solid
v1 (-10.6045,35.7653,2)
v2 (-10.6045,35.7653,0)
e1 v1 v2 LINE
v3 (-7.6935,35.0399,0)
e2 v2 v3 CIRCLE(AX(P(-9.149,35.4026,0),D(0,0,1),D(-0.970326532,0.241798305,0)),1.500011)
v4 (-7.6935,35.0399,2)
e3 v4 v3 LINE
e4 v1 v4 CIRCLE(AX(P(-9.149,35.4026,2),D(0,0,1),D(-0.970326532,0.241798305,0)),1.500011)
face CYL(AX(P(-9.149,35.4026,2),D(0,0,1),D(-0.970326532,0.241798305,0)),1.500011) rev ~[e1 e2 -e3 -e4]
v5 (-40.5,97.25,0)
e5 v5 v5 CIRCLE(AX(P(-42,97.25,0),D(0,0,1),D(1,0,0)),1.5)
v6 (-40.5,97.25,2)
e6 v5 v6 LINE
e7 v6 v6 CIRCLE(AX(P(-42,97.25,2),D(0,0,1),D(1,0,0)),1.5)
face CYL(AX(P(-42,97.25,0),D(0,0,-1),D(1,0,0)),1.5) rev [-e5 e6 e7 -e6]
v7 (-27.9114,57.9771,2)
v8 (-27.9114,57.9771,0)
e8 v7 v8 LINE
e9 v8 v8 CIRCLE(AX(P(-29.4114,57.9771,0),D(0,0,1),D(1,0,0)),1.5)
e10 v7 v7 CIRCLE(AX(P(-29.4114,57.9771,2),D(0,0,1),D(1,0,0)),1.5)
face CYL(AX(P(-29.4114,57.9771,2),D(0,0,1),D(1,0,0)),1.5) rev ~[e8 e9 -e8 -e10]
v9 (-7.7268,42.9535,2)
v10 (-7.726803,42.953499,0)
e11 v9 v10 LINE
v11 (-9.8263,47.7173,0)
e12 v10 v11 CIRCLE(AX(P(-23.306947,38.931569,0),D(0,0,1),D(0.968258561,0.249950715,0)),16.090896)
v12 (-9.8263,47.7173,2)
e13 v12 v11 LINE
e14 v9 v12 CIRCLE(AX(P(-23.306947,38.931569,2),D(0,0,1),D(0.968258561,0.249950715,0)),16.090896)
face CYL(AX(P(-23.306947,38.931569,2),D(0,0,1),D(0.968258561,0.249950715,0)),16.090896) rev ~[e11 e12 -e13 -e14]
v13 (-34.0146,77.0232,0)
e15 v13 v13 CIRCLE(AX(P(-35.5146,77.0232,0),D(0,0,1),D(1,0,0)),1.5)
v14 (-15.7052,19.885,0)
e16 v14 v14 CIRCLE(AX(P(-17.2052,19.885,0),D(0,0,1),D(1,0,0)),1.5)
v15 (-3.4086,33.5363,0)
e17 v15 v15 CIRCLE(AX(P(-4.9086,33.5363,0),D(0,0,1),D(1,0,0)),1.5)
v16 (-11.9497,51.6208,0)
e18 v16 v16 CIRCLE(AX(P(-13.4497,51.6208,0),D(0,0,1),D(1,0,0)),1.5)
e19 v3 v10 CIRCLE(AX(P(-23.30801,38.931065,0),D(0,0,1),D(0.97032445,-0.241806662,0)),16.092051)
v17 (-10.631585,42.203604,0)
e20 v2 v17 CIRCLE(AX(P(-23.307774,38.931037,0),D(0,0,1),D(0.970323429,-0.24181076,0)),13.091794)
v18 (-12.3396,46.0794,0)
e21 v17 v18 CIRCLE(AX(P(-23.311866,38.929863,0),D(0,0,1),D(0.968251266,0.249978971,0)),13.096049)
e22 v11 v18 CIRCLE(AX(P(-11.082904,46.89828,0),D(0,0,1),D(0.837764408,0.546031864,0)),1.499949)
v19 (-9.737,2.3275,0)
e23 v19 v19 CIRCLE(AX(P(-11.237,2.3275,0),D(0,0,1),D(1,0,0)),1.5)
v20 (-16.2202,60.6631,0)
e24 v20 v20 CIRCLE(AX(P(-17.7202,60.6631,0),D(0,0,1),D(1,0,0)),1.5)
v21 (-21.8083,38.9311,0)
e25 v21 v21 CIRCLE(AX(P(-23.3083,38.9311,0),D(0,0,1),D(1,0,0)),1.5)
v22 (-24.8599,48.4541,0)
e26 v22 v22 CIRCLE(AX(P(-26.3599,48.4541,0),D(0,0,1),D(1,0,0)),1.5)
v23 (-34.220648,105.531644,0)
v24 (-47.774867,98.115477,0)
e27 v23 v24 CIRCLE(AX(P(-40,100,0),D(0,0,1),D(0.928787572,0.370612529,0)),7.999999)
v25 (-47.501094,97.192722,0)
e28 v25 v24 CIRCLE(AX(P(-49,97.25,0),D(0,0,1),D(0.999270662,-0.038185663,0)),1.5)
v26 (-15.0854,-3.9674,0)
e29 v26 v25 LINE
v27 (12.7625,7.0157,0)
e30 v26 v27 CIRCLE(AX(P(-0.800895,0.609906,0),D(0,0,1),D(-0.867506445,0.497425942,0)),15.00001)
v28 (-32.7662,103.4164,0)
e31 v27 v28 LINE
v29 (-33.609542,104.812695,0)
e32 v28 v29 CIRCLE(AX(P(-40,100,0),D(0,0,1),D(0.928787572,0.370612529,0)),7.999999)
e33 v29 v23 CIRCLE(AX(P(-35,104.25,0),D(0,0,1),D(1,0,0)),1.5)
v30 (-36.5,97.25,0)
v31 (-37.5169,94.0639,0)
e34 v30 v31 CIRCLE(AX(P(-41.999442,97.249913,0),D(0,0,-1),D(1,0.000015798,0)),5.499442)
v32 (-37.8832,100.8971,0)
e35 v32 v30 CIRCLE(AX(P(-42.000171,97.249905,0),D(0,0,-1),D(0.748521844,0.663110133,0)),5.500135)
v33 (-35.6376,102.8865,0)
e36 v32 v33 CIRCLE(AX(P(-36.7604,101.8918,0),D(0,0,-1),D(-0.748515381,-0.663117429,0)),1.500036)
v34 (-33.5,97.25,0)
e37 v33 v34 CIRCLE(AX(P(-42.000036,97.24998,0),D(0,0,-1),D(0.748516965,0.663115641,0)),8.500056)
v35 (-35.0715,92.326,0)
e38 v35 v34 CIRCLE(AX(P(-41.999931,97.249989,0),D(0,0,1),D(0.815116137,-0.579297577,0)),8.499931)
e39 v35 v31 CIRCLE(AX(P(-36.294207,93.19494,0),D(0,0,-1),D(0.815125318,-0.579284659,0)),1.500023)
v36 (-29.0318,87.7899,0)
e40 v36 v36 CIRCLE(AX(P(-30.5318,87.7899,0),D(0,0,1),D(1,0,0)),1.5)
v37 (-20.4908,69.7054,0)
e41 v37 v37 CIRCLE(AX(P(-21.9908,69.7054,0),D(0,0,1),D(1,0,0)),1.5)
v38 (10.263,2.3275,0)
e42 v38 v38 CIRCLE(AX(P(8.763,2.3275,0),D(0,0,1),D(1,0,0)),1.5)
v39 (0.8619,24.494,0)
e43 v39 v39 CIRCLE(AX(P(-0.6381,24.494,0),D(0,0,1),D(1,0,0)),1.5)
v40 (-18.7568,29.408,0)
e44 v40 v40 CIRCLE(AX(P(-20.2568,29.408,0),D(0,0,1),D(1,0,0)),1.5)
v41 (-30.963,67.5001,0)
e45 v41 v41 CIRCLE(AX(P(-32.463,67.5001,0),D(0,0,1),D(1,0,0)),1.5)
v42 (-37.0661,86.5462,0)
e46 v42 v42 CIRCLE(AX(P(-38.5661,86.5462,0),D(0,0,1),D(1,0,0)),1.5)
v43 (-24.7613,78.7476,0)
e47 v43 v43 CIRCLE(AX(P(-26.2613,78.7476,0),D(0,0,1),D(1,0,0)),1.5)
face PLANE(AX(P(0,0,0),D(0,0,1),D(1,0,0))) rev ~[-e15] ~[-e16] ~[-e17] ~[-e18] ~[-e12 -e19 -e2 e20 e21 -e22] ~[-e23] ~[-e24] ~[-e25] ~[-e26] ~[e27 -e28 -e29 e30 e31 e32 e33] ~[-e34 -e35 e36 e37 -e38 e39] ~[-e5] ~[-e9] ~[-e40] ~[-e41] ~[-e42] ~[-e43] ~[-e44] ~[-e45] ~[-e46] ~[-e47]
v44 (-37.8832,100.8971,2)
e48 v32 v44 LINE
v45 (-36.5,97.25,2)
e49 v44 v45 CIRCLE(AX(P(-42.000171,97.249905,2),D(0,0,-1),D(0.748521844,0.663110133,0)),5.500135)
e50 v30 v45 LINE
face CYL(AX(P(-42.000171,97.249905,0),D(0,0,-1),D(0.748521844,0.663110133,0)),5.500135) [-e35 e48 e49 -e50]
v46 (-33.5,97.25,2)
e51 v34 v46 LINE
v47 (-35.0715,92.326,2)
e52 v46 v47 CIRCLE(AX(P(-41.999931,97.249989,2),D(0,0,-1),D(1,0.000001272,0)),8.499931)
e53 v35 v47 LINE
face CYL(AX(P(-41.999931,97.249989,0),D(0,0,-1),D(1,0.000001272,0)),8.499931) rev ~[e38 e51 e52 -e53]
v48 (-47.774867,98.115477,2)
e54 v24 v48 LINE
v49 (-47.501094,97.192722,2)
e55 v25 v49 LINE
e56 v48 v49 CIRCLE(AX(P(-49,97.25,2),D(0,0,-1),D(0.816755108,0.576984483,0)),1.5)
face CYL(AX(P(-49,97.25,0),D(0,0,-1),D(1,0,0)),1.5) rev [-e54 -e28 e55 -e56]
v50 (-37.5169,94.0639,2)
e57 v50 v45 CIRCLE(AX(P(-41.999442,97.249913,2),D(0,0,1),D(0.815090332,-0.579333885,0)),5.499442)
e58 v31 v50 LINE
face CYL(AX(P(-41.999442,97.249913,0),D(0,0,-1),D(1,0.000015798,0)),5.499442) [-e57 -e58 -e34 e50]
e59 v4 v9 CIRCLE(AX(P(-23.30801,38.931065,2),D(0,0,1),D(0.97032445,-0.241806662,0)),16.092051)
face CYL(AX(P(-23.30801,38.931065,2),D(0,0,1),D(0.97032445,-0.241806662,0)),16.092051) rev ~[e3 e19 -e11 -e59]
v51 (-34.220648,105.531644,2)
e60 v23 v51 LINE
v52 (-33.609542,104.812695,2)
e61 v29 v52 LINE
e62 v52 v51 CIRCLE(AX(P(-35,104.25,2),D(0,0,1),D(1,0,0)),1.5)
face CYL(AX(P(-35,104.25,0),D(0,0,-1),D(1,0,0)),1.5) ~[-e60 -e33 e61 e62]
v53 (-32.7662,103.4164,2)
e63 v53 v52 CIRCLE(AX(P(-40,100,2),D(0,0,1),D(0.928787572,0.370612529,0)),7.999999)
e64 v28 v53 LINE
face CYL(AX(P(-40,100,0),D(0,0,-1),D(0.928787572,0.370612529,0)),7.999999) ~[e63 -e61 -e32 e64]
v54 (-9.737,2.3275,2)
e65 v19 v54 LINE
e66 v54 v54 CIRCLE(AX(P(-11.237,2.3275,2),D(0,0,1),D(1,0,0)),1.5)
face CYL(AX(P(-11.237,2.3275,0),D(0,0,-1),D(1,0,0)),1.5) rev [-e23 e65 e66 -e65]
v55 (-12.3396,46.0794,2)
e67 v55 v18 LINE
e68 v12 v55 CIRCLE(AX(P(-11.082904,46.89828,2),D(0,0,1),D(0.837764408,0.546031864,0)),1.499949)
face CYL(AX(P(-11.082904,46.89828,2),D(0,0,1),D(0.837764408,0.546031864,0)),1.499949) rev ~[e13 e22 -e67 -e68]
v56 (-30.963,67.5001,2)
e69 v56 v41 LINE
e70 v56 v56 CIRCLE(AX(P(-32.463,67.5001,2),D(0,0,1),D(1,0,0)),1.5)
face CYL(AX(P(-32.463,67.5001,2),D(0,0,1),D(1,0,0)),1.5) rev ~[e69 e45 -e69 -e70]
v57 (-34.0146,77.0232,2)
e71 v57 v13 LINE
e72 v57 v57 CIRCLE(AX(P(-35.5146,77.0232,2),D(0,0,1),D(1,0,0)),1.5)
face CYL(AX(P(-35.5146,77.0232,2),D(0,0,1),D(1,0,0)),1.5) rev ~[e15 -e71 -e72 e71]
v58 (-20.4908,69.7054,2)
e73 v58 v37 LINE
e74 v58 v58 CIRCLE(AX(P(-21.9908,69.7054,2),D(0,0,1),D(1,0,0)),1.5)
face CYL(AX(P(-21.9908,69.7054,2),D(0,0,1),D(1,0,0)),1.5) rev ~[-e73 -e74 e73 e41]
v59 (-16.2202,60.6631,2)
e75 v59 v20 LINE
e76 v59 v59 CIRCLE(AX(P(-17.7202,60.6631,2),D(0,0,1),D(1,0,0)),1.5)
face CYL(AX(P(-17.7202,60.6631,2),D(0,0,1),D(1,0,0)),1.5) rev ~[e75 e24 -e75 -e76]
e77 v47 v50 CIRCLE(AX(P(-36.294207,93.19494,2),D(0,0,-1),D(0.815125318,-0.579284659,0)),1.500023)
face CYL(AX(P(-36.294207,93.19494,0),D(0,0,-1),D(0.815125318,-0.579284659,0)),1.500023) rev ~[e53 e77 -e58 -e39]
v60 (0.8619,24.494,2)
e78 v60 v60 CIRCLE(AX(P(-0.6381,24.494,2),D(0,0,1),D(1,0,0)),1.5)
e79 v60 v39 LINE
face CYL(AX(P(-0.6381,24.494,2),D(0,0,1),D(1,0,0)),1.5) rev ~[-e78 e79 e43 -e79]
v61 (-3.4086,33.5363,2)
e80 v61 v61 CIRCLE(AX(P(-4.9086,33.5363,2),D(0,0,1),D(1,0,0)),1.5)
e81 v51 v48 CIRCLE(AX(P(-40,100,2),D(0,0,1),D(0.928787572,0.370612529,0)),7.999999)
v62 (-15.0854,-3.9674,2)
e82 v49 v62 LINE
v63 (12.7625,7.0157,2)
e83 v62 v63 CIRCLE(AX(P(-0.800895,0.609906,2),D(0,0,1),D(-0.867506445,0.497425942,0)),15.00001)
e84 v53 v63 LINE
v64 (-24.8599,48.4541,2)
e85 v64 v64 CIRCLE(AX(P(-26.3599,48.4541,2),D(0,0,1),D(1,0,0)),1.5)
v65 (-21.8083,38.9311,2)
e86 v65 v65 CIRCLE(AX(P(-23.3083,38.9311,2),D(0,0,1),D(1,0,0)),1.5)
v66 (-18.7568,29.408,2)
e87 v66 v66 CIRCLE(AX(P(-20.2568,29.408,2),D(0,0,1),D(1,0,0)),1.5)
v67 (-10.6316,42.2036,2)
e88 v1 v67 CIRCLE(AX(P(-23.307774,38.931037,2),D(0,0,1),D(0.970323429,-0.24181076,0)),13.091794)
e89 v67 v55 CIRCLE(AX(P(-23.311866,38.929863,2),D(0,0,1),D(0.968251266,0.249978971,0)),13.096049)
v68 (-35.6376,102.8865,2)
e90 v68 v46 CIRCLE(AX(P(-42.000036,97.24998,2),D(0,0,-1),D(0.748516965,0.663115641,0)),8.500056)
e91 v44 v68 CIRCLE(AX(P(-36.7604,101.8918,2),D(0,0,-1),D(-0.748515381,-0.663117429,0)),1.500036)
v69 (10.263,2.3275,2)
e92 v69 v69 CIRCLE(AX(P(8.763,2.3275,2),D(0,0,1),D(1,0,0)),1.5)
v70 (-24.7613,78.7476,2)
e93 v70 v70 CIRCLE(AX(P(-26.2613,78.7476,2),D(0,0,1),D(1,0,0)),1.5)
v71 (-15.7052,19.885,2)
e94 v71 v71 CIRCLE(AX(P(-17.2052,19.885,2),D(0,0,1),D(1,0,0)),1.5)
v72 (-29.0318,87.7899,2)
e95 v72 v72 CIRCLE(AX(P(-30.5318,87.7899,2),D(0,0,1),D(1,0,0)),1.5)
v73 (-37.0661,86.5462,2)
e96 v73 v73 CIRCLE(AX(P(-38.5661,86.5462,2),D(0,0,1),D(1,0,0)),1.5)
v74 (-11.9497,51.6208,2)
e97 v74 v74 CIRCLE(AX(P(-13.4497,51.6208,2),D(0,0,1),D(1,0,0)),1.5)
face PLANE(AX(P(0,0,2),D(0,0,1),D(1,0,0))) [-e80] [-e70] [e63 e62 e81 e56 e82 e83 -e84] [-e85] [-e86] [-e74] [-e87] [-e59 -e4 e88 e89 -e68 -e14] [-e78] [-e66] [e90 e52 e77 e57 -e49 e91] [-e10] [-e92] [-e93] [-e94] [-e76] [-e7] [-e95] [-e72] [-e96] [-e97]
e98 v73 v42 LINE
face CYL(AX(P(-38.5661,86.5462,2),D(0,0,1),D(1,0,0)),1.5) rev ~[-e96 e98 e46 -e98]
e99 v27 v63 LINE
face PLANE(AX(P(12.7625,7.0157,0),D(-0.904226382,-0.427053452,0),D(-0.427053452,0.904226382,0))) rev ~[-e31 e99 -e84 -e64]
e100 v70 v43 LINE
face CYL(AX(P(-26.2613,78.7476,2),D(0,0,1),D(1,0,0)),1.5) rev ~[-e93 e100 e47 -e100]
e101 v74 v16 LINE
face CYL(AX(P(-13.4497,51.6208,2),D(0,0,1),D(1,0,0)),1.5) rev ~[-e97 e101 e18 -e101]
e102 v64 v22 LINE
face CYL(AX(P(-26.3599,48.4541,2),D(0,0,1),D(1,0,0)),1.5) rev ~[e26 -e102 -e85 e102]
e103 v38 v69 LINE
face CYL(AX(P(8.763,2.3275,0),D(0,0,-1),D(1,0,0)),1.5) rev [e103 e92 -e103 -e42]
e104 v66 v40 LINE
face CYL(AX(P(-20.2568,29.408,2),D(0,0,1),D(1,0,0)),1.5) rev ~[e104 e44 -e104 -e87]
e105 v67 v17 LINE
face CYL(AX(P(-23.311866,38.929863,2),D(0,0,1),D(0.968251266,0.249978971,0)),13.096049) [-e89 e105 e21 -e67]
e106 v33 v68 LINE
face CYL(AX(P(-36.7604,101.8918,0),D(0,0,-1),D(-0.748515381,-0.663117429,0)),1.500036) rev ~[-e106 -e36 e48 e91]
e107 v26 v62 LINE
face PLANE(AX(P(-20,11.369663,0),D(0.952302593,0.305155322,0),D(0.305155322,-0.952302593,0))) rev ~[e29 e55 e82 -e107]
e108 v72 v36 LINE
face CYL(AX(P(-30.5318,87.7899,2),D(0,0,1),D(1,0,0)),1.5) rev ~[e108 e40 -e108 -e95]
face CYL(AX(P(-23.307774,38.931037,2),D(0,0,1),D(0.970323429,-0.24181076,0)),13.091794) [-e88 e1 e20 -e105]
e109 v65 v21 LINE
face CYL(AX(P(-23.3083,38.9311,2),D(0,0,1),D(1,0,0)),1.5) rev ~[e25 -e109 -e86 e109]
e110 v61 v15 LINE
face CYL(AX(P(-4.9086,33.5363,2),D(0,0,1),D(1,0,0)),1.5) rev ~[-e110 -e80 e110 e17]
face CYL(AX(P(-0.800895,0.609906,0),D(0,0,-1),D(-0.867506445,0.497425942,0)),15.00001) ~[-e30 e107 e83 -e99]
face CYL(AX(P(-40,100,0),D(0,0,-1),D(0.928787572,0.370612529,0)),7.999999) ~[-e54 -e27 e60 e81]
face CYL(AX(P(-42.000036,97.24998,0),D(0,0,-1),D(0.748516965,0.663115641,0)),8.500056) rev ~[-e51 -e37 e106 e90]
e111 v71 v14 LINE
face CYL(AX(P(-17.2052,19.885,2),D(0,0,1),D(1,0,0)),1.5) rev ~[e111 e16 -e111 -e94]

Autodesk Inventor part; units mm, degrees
ref_plane "YZ Plane" through (0, 0, 0) normal (1, 0, 0) x (0, 1, 0)
ref_plane "XZ Plane" through (0, 0, 0) normal (0, 1, 0) x (-1, 0, 0)
ref_plane "XY Plane" through (0, 0, 0) normal (0, 0, 1) x (1, 0, 0)
sketch "Эскиз1" plane through (0, 0, 0) normal (0, 0, 1) x (1, 0, 0)
  line L0 (15, -22.25) -> (15, 22.25) projected
  line L1 (15, 22.25) -> (-20, 22.25) projected
  line L2 (-20, 22.25) -> (-20, -22.25) projected
  line L3 (-20, -22.25) -> (15, -22.25) projected
  circle A0 centre (8.763, 2.3275) radius 1.5 projected
  circle A1 centre (8.763, 7.3275) radius 1.5 projected
  circle A2 centre (-11.237, -7.6725) radius 1.5 projected
  circle A3 centre (-11.237, -2.6725) radius 1.5 projected
  circle A4 centre (8.763, -2.6725) radius 1.5 projected
  circle A5 centre (8.763, -7.6725) radius 1.5 projected
  circle A6 centre (-11.237, 2.3275) radius 1.5 projected
  circle A7 centre (-11.237, 7.3275) radius 1.5 projected
  line L4 (-25, 92.25) -> (-62.0049, 92.25) projected
  line L5 (-103.637, 92.25) -> (-67.893, 92.25) projected
  circle A8 centre (-49, 104.25) radius 1.5 projected
  circle A9 centre (-42, 104.25) radius 1.5 projected
  circle A10 centre (-35, 104.25) radius 1.5 projected
  circle A11 centre (-35, 111.25) radius 1.5 projected
  circle A12 centre (-42, 118.25) radius 1.5 projected
  circle A13 centre (-49, 118.25) radius 1.5 projected
  circle A14 centre (-49, 111.25) radius 1.5 projected
  circle A15 centre (-35, 118.25) radius 1.5 projected
  circle A16 centre (-42, 111.25) radius 1.5 projected
  circle A17 centre (-42, 97.25) radius 1.5 projected
  circle A18 centre (-35, 97.25) radius 1.5 projected
  circle A19 centre (-49, 97.25) radius 1.5 projected
  line L6 (-25, 92.25) -> (-62.0049, 92.25) projected
  line L7 (-25, 95.25) -> (-25, 92.25) projected
  line L8 (-20, 95.25) -> (-25, 95.25) projected
  line L9 (-20, 95.25) -> (-20, 123.25) projected
  line L10 (-28, 123.25) -> (-20, 123.25) projected
  line L11 (-28, 129.25) -> (-28, 123.25) projected
  line L12 (-28, 129.25) -> (-62.0049, 129.25) projected
  line L13 (-62.0049, 92.25) -> (-62.0049, 129.25) projected
  line L14 (-5.1452, 11.625) -> (-40, 100) construction
  arc A20 (-32.5697, 102.9649) -> (-47.4303, 97.0351) centre (-40, 100) ccw
  line L15 (-5.1452, 11.625) -> (-22.5726, 55.8125) construction
  arc A21 (-13.8135, 8.0713) -> (-4.3725, 15.1785) centre (-0.8009, 0.6099) ccw
  line L16 (12.7625, 7.0157) -> (-32.7662, 103.4164)
  line L17 (-47.6184, 97.5588) -> (-15.0854, -3.9674)
  point P0 (0, 0)
  point P1 (-13.8589, 33.7187)
  point P2 (-33.6095, 104.8127)
  point P3 (-34.2206, 105.5316)
  point P4 (-47.7749, 98.1155)
  point P5 (-47.5011, 97.1926)
  dimension "d0" = 8
  dimension "d1" = 95
  dimension "d2" = 100
  dimension "d3" = 40
  dimension "d4" = 15
extrude "Выдавливание1" add sketch "Эскиз1" along normal blind 2 contours L16 A21 L17 L2 L1 | L1 L2 L17 L4 L16 | L4 L17 A19 A20 A10 L16 | A20 A10 | A10 A20 | A1 | A2 | A3 | A4 | A5 | A7 | A9
sketch "Эскиз2" plane through (0, 0, 2) normal (0, 0, 1) x (1, 0, 0)
  circle A0 centre (-38.5661, 86.5462) radius 1.5
  line L0 (-47.5011, 97.1926) -> (-15.0854, -3.9674) projected
  circle A1 centre (-35.5146, 77.0232) radius 1.5
  circle A2 centre (-32.463, 67.5001) radius 1.5
  circle A3 centre (-29.4114, 57.9771) radius 1.5
  circle A4 centre (-26.3599, 48.4541) radius 1.5
  circle A5 centre (-23.3083, 38.9311) radius 1.5
  circle A6 centre (-20.2568, 29.408) radius 1.5
  circle A7 centre (-17.2052, 19.885) radius 1.5
  circle A8 centre (-42, 97.25) radius 1.5 projected
  circle A9 centre (-11.237, 2.3275) radius 1.5 projected
  point P0 (0, 0)
  dimension "d7" = 3
  dimension "d10" = 10
  dimension "d17" = 5.2562
  dimension "d18" = 5.26
extrude "Выдавливание2" cut sketch "Эскиз2" against normal blind 3 contours A0 | A1 | A2 | A3 | A4 | A5 | A6 | A7
sketch "Эскиз3" plane through (0, 0, 2) normal (0, 0, 1) x (1, 0, 0)
  circle A0 centre (-35, 97.25) radius 1.5 projected
  line L0 (12.7625, 7.0157) -> (-32.7662, 103.4164) projected
  circle A1 centre (-30.5318, 87.7899) radius 1.5
  circle A2 centre (-26.2613, 78.7476) radius 1.5
  circle A3 centre (-21.9908, 69.7054) radius 1.5
  circle A4 centre (-17.7202, 60.6631) radius 1.5
  circle A5 centre (-13.4497, 51.6208) radius 1.5
  circle A6 centre (-9.1792, 42.5786) radius 1.5
  circle A7 centre (-4.9086, 33.5363) radius 1.5
  circle A8 centre (-0.6381, 24.494) radius 1.5
  point P0 (0, 0)
  dimension "d19" = 3
  dimension "d20" = 4.6533
  dimension "d21" = 4.653
  dimension "d24" = 10
extrude "Выдавливание3" cut sketch "Эскиз3" against normal blind 3 contours A1 | A2 | A3 | A4 | A5 | A6 | A7 | A8
sketch "Эскиз4" plane through (0, 0, 0) normal (0, 0, -1) x (-1, 0, 0)
  circle A0 centre (42, 97.25) radius 1.5 projected
  circle A1 centre (35, 97.25) radius 1.5 construction
  arc A2 (35, 97.25) -> (36.2942, 93.1949) centre (42, 97.25) ccw construction
  arc A3 (33.5, 97.25) -> (35.0715, 92.326) centre (42, 97.25) ccw
  arc A4 (36.5, 97.25) -> (37.5169, 94.0639) centre (42, 97.25) ccw
  arc A5 (36.5, 97.25) -> (33.5, 97.25) centre (35, 97.25) ccw construction
  arc A6 (35.0715, 92.326) -> (37.5169, 94.0639) centre (36.2942, 93.1949) ccw
  arc A7 (36.7604, 101.8918) -> (35.0715, 96.252) centre (42, 97.25) ccw construction
  arc A8 (35.6376, 102.8865) -> (33.5868, 96.0382) centre (42, 97.25) ccw
  arc A9 (37.8832, 100.8971) -> (36.5562, 96.4659) centre (42, 97.25) ccw
  arc A10 (37.8832, 100.8971) -> (35.6376, 102.8865) centre (36.7604, 101.8918) ccw
  arc A11 (33.5868, 96.0382) -> (36.5562, 96.4659) centre (35.0715, 96.252) ccw construction
  point P0 (0, 0)
extrude "Выдавливание4" cut sketch "Эскиз4" against normal blind 3 contours A8 A10 A9 A4 A6 A3
sketch "Эскиз5" plane through (0, 0, 2) normal (0, 0, 1) x (1, 0, 0)
  circle A0 centre (-42, 97.25) radius 1.5 projected
  circle A1 centre (-11.237, 2.3275) radius 1.5 projected
  circle A2 centre (8.763, 2.3275) radius 1.5 projected
  arc A3 (-15.0854, -3.9674) -> (12.7625, 7.0157) centre (-0.8009, 0.6099) ccw projected
  line L0 (12.7625, 7.0157) -> (-32.7662, 103.4164) projected
  arc A4 (-32.7662, 103.4164) -> (-33.6095, 104.8127) centre (-40, 100) ccw projected
  arc A5 (-33.6095, 104.8127) -> (-34.2206, 105.5316) centre (-35, 104.25) ccw projected
  arc A6 (-34.2206, 105.5316) -> (-47.7749, 98.1155) centre (-40, 100) ccw projected
  arc A7 (-47.5011, 97.1926) -> (-47.7749, 98.1155) centre (-49, 97.25) ccw projected
  line L1 (-47.5011, 97.1926) -> (-15.0854, -3.9674) projected
  circle A8 centre (-17.2052, 19.885) radius 1.5 projected
  circle A9 centre (-23.3083, 38.9311) radius 1.5 projected
  circle A10 centre (-38.5661, 86.5462) radius 1.5 projected
  circle A11 centre (-32.463, 67.5001) radius 1.5 projected
  circle A12 centre (-29.4114, 57.9771) radius 1.5 projected
  circle A13 centre (-35.5146, 77.0232) radius 1.5 projected
  circle A14 centre (-20.2568, 29.408) radius 1.5 projected
  circle A15 centre (-26.3599, 48.4541) radius 1.5 projected
  circle A16 centre (-0.6381, 24.494) radius 1.5 projected
  circle A17 centre (-26.2613, 78.7476) radius 1.5 projected
  circle A18 centre (-4.9086, 33.5363) radius 1.5 projected
  circle A19 centre (-13.4497, 51.6208) radius 1.5 projected
  circle A20 centre (-17.7202, 60.6631) radius 1.5 projected
  circle A21 centre (-9.1792, 42.5786) radius 1.5 projected
  circle A22 centre (-30.5318, 87.7899) radius 1.5 projected
  circle A23 centre (-21.9908, 69.7054) radius 1.5 projected
  circle A24 centre (-23.3083, 38.9311) radius 1.5 projected
  circle A25 centre (-9.1792, 42.5786) radius 1.5 projected
  arc A26 (-9.149, 35.4026) -> (-9.1792, 42.5786) centre (-23.3083, 38.9311) ccw construction
  arc A27 (-7.6935, 35.0399) -> (-7.7268, 42.9535) centre (-23.3083, 38.9311) ccw
  arc A28 (-10.6045, 35.7653) -> (-10.6316, 42.2036) centre (-23.3083, 38.9311) ccw
  arc A29 (-10.6045, 35.7653) -> (-7.6935, 35.0399) centre (-9.149, 35.4026) ccw
  arc A30 (-7.7268, 42.9535) -> (-10.6316, 42.2036) centre (-9.1792, 42.5786) ccw
  arc A31 (-9.1792, 42.5786) -> (-11.0829, 46.8983) centre (-23.3083, 38.9311) ccw construction
  arc A32 (-7.7268, 42.9535) -> (-9.8263, 47.7173) centre (-23.3083, 38.9311) ccw
  arc A33 (-10.6316, 42.2036) -> (-12.3396, 46.0794) centre (-23.3083, 38.9311) ccw
  arc A34 (-10.6316, 42.2036) -> (-7.7268, 42.9535) centre (-9.1792, 42.5786) ccw
  arc A35 (-9.8263, 47.7173) -> (-12.3396, 46.0794) centre (-11.0829, 46.8983) ccw
  point P0 (0, 0)
  point P1 (-10.6316, 42.2036)
  point P2 (-10.6316, 42.2036)
  point P3 (-10.6316, 42.2036)
  point P4 (-7.7268, 42.9535)
  point P5 (-7.7268, 42.9535)
  point P6 (-7.7268, 42.9535)
extrude "Выдавливание5" cut sketch "Эскиз5" against normal blind 3 contours A21 A27 A29 A28 | A21 A33 A35 A32
properties part number "ЛЦМК.30000.30.00.02 Штанга"
